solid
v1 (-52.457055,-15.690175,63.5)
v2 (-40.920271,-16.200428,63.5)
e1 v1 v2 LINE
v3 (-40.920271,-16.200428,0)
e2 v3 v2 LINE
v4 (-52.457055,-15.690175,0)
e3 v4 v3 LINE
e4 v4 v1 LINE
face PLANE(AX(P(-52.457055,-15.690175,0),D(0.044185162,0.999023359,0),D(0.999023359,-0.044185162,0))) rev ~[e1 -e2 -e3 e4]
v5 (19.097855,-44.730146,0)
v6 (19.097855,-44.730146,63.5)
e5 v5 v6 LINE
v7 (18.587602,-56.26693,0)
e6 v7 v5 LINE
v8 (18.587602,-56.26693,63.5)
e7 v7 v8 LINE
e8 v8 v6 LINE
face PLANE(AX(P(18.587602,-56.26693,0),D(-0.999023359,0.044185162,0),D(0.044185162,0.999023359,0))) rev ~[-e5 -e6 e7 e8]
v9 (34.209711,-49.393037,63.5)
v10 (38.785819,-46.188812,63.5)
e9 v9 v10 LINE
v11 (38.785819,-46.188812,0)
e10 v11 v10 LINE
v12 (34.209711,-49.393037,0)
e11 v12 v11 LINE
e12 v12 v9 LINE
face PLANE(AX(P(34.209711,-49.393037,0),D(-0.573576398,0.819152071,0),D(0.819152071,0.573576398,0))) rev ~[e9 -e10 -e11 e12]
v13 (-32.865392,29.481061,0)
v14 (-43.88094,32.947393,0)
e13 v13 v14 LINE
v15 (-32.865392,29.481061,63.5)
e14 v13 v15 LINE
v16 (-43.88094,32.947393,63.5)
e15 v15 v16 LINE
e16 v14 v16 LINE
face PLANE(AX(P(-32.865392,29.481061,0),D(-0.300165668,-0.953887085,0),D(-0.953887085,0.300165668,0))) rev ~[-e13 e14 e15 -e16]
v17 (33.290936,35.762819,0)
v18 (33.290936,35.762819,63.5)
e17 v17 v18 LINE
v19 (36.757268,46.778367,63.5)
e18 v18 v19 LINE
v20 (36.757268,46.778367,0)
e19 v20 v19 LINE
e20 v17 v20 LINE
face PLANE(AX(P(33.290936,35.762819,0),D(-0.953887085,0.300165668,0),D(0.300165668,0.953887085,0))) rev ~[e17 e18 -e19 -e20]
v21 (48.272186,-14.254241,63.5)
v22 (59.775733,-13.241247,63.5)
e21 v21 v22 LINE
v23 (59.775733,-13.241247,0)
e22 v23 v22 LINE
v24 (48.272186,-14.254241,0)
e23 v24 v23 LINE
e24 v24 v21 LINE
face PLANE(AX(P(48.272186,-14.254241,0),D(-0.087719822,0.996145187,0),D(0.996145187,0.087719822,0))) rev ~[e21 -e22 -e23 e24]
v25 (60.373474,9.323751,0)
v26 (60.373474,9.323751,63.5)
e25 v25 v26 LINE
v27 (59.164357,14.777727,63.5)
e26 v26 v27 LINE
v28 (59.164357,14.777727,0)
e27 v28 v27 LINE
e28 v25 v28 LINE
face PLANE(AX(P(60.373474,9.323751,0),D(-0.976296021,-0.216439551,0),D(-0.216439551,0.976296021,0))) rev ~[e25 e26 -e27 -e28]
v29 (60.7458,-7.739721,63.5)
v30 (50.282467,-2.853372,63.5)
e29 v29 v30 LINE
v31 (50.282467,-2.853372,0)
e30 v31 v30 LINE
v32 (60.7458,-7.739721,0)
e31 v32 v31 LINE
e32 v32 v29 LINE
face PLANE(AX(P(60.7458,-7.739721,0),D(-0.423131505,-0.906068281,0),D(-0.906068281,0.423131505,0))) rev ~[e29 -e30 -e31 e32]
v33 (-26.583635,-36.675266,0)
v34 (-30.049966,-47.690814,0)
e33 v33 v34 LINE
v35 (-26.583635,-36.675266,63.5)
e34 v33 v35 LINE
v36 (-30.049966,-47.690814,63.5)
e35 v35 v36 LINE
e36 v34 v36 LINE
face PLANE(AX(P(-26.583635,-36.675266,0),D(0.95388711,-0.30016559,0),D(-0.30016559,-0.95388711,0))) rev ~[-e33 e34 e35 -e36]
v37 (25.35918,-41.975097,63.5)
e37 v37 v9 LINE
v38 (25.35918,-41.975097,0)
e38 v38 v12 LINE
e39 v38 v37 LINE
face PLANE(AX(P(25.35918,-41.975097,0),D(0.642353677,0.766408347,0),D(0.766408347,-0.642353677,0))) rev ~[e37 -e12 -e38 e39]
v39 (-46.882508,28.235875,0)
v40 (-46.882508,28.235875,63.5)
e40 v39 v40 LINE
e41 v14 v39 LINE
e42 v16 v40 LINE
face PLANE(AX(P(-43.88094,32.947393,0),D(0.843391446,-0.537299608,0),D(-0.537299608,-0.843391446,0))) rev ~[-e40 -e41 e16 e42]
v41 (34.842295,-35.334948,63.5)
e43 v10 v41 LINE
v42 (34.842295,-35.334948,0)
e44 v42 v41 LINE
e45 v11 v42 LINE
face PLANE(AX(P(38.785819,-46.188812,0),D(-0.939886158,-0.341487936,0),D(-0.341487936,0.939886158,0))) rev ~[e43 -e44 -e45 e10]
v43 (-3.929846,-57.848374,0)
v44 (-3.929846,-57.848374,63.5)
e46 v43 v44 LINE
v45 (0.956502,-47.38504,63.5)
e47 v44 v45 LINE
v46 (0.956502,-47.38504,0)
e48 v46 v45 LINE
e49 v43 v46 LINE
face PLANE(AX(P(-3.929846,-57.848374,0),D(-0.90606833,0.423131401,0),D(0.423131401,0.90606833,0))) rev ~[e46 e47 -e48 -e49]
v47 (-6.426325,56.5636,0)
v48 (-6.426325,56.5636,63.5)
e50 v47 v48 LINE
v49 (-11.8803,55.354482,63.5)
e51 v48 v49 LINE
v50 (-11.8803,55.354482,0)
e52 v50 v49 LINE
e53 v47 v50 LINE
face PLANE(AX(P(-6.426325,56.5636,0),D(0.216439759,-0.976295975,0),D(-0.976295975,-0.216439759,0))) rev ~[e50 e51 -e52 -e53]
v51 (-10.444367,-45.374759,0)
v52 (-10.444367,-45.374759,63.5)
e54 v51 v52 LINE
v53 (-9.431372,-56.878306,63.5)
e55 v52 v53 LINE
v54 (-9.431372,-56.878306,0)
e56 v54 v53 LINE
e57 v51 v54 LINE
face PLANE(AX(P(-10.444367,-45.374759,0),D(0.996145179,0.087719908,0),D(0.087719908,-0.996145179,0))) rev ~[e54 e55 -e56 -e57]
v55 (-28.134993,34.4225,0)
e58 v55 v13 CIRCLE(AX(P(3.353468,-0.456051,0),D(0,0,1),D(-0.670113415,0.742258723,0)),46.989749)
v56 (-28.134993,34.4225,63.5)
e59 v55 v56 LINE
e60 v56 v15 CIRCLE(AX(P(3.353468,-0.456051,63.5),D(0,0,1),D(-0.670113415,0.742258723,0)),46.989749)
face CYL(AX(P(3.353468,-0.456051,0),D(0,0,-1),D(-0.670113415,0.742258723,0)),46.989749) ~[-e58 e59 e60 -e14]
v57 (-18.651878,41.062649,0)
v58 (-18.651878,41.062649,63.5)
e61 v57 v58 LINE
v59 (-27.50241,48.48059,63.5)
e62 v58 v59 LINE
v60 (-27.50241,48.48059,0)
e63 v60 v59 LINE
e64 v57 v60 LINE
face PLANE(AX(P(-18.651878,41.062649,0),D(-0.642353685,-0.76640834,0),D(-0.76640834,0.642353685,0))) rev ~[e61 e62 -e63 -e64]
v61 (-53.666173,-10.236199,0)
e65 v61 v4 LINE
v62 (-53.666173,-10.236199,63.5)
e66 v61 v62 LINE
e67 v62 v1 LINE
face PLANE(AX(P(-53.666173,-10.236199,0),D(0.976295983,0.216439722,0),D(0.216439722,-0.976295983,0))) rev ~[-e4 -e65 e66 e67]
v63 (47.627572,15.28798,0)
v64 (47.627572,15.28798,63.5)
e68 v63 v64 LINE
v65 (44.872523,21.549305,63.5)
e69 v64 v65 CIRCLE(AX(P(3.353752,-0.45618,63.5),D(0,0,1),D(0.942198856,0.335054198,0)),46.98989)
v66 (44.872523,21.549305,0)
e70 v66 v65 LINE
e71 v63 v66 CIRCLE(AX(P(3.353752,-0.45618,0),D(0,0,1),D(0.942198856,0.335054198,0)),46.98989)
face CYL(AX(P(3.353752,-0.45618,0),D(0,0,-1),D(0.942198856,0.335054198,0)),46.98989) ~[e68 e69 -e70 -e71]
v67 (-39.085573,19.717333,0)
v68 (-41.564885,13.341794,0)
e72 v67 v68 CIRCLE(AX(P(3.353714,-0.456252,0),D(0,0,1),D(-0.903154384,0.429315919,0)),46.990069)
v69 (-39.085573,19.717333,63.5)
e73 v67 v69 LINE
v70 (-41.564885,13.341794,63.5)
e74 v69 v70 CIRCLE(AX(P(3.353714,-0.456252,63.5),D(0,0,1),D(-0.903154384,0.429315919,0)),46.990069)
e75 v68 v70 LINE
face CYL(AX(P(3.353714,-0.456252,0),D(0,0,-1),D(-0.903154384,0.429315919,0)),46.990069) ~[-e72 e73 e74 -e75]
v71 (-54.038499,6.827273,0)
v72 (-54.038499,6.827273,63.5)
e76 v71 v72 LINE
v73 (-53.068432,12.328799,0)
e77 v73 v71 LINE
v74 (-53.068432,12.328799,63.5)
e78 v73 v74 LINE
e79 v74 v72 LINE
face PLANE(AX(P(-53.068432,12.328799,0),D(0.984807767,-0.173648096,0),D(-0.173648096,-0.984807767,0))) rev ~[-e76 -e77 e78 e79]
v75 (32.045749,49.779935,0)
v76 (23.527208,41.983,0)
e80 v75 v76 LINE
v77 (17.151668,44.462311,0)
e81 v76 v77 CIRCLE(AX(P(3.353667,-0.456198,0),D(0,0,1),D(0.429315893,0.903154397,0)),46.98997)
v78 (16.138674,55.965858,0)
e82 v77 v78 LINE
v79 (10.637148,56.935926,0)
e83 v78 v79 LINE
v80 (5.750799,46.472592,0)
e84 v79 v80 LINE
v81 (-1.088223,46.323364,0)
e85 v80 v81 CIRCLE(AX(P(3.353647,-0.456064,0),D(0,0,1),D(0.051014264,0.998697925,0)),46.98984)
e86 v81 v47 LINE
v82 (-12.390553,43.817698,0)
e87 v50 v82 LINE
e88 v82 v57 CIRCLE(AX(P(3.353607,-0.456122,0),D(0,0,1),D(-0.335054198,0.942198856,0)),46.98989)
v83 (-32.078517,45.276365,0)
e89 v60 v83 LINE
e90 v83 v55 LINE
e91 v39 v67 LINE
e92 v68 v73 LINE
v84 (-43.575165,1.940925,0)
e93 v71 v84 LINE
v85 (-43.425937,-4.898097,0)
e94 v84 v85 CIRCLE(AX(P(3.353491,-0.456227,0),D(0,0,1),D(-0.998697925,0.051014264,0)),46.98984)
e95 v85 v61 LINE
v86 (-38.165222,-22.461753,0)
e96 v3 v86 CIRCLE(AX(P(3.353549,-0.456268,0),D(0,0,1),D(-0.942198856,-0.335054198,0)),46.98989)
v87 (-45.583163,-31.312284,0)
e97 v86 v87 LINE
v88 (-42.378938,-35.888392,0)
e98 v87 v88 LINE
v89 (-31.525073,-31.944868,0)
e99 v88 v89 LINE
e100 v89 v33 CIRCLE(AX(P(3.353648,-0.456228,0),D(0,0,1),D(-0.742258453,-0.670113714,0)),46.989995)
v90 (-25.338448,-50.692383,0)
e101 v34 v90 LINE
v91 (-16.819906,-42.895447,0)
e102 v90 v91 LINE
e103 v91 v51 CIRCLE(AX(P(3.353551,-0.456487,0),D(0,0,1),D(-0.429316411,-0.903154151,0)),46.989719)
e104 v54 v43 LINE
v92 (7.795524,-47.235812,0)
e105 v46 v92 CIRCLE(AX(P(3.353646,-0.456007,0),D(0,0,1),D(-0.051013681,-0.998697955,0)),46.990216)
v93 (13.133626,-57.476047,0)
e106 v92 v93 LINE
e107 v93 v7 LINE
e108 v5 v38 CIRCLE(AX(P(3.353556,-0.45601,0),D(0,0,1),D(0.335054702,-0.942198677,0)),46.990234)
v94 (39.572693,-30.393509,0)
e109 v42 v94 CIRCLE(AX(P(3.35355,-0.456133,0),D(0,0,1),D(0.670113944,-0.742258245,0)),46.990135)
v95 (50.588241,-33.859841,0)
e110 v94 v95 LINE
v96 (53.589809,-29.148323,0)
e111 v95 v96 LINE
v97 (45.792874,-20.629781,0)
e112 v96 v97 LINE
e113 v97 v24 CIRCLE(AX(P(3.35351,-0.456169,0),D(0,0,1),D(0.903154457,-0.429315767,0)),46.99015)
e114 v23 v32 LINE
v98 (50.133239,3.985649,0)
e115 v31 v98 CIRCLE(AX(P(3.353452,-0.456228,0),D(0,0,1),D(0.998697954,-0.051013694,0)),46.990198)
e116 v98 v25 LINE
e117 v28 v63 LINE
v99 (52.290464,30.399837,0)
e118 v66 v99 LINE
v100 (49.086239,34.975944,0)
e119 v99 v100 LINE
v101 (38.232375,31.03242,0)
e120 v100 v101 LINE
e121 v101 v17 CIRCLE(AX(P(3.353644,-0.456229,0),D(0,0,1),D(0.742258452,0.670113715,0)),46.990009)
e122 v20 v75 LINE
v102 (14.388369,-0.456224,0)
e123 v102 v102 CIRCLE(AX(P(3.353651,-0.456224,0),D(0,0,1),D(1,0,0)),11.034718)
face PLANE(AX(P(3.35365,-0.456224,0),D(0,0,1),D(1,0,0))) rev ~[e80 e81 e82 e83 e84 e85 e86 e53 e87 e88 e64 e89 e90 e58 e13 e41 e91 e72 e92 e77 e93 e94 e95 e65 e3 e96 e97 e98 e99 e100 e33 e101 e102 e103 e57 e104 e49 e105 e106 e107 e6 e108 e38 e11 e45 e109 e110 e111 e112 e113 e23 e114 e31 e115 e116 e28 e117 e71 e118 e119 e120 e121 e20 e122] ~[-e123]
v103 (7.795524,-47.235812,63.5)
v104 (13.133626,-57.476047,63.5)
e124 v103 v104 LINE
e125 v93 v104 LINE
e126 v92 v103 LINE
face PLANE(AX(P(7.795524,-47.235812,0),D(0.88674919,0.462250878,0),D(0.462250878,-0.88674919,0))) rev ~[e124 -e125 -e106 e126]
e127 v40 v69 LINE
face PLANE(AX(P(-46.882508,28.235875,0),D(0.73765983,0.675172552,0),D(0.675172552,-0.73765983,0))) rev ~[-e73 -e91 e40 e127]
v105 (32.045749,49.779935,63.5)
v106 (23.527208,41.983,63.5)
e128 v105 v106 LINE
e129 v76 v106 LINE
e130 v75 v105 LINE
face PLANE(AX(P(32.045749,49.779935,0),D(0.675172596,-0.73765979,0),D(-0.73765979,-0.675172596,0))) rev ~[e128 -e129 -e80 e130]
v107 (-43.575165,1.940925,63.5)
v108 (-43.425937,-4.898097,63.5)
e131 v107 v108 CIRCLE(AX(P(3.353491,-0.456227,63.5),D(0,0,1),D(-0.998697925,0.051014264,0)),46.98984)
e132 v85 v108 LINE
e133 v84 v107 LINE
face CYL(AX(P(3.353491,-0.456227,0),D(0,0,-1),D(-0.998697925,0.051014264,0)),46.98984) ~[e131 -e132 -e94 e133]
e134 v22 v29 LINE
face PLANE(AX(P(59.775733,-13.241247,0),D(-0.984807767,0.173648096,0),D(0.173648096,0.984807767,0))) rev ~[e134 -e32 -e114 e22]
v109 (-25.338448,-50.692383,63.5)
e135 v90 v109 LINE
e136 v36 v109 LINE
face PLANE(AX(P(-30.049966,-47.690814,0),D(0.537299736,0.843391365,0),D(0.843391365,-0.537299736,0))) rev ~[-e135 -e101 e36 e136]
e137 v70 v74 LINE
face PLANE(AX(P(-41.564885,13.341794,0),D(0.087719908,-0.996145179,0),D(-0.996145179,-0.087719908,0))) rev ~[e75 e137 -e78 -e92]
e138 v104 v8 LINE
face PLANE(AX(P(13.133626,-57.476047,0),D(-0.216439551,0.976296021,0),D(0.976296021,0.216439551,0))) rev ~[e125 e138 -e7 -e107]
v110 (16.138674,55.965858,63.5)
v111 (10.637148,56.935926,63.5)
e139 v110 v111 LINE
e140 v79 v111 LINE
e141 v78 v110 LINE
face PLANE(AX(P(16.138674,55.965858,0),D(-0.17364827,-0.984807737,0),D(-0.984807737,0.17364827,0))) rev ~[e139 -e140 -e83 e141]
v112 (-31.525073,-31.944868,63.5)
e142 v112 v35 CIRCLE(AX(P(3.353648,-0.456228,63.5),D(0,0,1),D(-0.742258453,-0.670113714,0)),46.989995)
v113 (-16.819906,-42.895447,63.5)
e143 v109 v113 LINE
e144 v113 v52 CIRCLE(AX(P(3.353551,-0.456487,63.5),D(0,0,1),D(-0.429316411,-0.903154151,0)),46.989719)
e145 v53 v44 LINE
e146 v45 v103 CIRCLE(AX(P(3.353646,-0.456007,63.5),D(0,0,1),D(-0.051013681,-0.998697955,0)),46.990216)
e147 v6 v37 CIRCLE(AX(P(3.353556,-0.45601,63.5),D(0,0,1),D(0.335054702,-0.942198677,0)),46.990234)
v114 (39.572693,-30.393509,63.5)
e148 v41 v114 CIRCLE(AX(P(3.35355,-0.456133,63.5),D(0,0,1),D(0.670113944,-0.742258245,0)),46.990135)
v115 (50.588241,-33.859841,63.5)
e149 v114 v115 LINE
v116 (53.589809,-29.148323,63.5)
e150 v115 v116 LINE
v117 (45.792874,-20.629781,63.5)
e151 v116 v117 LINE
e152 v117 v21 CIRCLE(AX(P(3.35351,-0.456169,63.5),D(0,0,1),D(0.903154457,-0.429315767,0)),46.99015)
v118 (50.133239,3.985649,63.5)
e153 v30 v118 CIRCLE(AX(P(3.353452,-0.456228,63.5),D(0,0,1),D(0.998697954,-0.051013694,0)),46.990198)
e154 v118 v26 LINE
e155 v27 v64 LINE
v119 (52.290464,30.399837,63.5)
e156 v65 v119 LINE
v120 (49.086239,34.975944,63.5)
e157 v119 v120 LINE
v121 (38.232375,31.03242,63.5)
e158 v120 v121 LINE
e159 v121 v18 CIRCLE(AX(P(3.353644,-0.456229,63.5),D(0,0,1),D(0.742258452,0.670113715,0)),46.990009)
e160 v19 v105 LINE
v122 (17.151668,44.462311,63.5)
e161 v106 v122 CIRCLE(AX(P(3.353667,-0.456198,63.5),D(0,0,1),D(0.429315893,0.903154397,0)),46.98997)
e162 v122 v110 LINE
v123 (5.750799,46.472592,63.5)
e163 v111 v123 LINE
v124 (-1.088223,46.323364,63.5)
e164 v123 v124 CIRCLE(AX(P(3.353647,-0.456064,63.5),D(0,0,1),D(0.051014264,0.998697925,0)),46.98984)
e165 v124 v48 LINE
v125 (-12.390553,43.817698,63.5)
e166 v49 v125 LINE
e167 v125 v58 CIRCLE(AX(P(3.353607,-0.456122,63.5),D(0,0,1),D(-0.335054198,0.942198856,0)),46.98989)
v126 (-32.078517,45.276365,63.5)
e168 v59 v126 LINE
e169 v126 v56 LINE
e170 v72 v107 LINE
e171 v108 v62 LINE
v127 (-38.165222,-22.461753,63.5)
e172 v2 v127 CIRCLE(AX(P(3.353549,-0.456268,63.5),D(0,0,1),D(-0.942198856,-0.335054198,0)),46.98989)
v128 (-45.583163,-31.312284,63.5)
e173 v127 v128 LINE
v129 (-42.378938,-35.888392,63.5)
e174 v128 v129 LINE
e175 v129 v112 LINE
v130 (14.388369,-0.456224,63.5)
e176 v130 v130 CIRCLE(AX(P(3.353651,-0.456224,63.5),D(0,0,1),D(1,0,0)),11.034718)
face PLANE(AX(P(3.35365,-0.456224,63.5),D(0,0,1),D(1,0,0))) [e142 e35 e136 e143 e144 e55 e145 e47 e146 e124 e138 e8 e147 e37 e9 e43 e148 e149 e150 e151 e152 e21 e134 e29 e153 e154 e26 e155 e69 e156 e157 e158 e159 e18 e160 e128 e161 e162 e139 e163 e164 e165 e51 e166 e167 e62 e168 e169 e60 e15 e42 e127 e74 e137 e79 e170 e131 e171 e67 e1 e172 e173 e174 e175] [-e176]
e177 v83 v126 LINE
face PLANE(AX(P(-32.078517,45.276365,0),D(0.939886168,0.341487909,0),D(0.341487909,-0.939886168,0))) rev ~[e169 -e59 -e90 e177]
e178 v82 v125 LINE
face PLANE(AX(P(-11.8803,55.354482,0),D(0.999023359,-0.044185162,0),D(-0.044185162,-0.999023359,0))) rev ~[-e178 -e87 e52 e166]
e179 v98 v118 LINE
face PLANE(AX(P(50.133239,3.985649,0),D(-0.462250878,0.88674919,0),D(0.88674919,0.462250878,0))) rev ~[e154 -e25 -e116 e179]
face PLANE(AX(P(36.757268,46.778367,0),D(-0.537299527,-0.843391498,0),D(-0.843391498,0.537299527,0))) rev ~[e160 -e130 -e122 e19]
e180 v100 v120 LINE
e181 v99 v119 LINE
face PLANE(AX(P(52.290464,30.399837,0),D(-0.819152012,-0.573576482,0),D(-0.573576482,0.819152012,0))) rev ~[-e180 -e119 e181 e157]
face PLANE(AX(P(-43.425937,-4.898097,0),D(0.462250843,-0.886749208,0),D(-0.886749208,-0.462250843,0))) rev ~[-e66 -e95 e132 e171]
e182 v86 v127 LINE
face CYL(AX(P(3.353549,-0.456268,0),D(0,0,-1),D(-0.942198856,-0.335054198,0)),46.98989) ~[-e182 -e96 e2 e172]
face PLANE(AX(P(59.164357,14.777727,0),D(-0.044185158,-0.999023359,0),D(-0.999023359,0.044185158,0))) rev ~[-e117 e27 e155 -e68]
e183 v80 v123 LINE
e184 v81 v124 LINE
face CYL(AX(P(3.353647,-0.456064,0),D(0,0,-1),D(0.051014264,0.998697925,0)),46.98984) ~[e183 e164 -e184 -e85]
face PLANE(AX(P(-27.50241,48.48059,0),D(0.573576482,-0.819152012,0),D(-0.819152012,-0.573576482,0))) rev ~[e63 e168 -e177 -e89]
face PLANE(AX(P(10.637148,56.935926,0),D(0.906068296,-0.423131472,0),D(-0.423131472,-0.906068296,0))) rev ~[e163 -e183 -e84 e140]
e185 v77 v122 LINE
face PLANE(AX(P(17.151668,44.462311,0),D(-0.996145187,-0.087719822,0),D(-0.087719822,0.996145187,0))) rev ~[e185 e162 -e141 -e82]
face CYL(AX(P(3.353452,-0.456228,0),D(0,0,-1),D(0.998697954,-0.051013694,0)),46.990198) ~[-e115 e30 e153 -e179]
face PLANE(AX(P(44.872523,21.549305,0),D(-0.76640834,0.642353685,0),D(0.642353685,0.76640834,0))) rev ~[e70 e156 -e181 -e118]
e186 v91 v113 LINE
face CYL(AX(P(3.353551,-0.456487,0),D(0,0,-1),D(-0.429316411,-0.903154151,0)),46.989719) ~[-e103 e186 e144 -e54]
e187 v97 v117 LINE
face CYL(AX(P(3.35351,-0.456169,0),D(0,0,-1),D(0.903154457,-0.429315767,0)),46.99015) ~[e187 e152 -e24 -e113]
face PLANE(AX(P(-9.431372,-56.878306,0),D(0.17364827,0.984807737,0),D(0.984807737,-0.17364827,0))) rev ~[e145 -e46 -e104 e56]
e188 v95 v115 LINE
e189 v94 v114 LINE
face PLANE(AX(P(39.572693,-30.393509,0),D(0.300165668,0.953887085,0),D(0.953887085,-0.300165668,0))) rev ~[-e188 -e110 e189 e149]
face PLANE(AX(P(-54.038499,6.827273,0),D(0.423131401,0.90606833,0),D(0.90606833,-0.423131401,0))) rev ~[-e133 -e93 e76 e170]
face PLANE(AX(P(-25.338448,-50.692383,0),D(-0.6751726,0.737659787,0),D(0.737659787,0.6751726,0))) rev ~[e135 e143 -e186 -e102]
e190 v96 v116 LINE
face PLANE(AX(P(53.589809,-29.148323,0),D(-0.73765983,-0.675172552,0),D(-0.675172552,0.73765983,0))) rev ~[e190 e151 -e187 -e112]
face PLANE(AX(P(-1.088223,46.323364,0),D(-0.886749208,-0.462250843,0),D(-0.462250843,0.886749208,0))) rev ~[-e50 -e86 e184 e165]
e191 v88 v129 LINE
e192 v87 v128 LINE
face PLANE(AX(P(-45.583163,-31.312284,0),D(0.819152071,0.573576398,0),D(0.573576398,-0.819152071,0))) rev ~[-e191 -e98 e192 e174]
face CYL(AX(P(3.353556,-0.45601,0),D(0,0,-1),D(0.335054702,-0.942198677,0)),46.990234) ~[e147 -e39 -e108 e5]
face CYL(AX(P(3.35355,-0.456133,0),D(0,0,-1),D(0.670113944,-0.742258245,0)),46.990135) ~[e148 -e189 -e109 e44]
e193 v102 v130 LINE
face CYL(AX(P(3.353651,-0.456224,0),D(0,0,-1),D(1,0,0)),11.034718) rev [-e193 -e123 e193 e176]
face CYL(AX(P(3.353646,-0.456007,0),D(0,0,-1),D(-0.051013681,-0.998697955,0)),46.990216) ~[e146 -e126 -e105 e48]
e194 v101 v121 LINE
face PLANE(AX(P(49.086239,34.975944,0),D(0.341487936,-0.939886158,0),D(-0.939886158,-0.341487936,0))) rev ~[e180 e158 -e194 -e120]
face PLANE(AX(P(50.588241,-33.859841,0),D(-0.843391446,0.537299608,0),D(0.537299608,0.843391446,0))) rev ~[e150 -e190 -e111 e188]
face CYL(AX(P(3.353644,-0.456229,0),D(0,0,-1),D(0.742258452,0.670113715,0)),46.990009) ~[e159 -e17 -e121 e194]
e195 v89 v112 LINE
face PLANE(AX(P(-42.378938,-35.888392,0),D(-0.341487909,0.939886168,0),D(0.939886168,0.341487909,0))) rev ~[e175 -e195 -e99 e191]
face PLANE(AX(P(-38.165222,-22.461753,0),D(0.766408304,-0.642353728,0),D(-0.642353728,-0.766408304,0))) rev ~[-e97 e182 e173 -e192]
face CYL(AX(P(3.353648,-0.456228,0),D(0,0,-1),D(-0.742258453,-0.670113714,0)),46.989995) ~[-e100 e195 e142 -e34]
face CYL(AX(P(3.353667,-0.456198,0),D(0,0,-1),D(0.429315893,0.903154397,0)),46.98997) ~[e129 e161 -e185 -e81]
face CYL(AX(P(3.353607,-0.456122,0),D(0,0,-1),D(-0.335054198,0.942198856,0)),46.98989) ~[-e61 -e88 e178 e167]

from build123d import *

# Parameters (mm, degrees)
F0_R     = 11.034718
F1_DEPTH = 63.5


with BuildPart() as f1:
    # F0 (on Top) → F1 (new body)
    with BuildSketch(Plane.XY):
        with BuildLine():
            Line((-32.078517, 45.276365), (-28.134993, 34.4225))
            ThreePointArc((-28.134993, 34.4225), (-30.590232, 32.037975), (-32.865392, 29.481061))
            Line((-32.865392, 29.481061), (-43.88094, 32.947393))
            Line((-43.88094, 32.947393), (-46.882508, 28.235875))
            Line((-46.882508, 28.235875), (-39.085573, 19.717333))
            ThreePointArc((-39.085573, 19.717333), (-40.441399, 16.57474), (-41.564885, 13.341794))
            Line((-41.564885, 13.341794), (-53.068432, 12.328799))
            Line((-53.068432, 12.328799), (-54.038499, 6.827273))
            Line((-54.038499, 6.827273), (-43.575165, 1.940925))
            ThreePointArc((-43.575165, 1.940925), (-43.625167, -1.481305), (-43.425937, -4.898097))
            Line((-43.425937, -4.898097), (-53.666173, -10.236199))
            Line((-53.666173, -10.236199), (-52.457055, -15.690175))
            Line((-52.457055, -15.690175), (-40.920271, -16.200428))
            ThreePointArc((-40.920271, -16.200428), (-39.656836, -19.381291), (-38.165222, -22.461753))
            Line((-38.165222, -22.461753), (-45.583163, -31.312284))
            Line((-45.583163, -31.312284), (-42.378938, -35.888392))
            Line((-42.378938, -35.888392), (-31.525073, -31.944868))
            ThreePointArc((-31.525073, -31.944868), (-29.140548, -34.400106), (-26.583635, -36.675266))
            Line((-26.583635, -36.675266), (-30.049966, -47.690814))
            Line((-30.049966, -47.690814), (-25.338448, -50.692383))
            Line((-25.338448, -50.692383), (-16.819906, -42.895447))
            ThreePointArc((-16.819906, -42.895447), (-13.677313, -44.251274), (-10.444367, -45.374759))
            Line((-10.444367, -45.374759), (-9.431372, -56.878306))
            Line((-9.431372, -56.878306), (-3.929846, -57.848374))
            Line((-3.929846, -57.848374), (0.956502, -47.38504))
            ThreePointArc((0.956502, -47.38504), (4.378732, -47.435041), (7.795524, -47.235812))
            Line((7.795524, -47.235812), (13.133626, -57.476047))
            Line((13.133626, -57.476047), (18.587602, -56.26693))
            Line((18.587602, -56.26693), (19.097855, -44.730146))
            ThreePointArc((19.097855, -44.730146), (22.278718, -43.46671), (25.35918, -41.975097))
            Line((25.35918, -41.975097), (34.209711, -49.393037))
            Line((34.209711, -49.393037), (38.785819, -46.188812))
            Line((38.785819, -46.188812), (34.842295, -35.334948))
            ThreePointArc((34.842295, -35.334948), (37.297533, -32.950422), (39.572693, -30.393509))
            Line((39.572693, -30.393509), (50.588241, -33.859841))
            Line((50.588241, -33.859841), (53.589809, -29.148323))
            Line((53.589809, -29.148323), (45.792874, -20.629781))
            ThreePointArc((45.792874, -20.629781), (47.1487, -17.487187), (48.272186, -14.254241))
            Line((48.272186, -14.254241), (59.775733, -13.241247))
            Line((59.775733, -13.241247), (60.7458, -7.739721))
            Line((60.7458, -7.739721), (50.282467, -2.853372))
            ThreePointArc((50.282467, -2.853372), (50.332468, 0.568858), (50.133239, 3.985649))
            Line((50.133239, 3.985649), (60.373474, 9.323751))
            Line((60.373474, 9.323751), (59.164357, 14.777727))
            Line((59.164357, 14.777727), (47.627572, 15.28798))
            ThreePointArc((47.627572, 15.28798), (46.364137, 18.468843), (44.872523, 21.549305))
            Line((44.872523, 21.549305), (52.290464, 30.399837))
            Line((52.290464, 30.399837), (49.086239, 34.975944))
            Line((49.086239, 34.975944), (38.232375, 31.03242))
            ThreePointArc((38.232375, 31.03242), (35.847849, 33.487659), (33.290936, 35.762819))
            Line((33.290936, 35.762819), (36.757268, 46.778367))
            Line((36.757268, 46.778367), (32.045749, 49.779935))
            Line((32.045749, 49.779935), (23.527208, 41.983))
            ThreePointArc((23.527208, 41.983), (20.384614, 43.338826), (17.151668, 44.462311))
            Line((17.151668, 44.462311), (16.138674, 55.965858))
            Line((16.138674, 55.965858), (10.637148, 56.935926))
            Line((10.637148, 56.935926), (5.750799, 46.472592))
            ThreePointArc((5.750799, 46.472592), (2.328569, 46.522594), (-1.088223, 46.323364))
            Line((-1.088223, 46.323364), (-6.426325, 56.5636))
            Line((-6.426325, 56.5636), (-11.8803, 55.354482))
            Line((-11.8803, 55.354482), (-12.390553, 43.817698))
            ThreePointArc((-12.390553, 43.817698), (-15.571416, 42.554263), (-18.651878, 41.062649))
            Line((-18.651878, 41.062649), (-27.50241, 48.48059))
            Line((-27.50241, 48.48059), (-32.078517, 45.276365))
        make_face()
        with Locations((3.353651, -0.456224)):
            Circle(F0_R, mode=Mode.SUBTRACT)
    extrude(amount=F1_DEPTH)


solid = f1.part
